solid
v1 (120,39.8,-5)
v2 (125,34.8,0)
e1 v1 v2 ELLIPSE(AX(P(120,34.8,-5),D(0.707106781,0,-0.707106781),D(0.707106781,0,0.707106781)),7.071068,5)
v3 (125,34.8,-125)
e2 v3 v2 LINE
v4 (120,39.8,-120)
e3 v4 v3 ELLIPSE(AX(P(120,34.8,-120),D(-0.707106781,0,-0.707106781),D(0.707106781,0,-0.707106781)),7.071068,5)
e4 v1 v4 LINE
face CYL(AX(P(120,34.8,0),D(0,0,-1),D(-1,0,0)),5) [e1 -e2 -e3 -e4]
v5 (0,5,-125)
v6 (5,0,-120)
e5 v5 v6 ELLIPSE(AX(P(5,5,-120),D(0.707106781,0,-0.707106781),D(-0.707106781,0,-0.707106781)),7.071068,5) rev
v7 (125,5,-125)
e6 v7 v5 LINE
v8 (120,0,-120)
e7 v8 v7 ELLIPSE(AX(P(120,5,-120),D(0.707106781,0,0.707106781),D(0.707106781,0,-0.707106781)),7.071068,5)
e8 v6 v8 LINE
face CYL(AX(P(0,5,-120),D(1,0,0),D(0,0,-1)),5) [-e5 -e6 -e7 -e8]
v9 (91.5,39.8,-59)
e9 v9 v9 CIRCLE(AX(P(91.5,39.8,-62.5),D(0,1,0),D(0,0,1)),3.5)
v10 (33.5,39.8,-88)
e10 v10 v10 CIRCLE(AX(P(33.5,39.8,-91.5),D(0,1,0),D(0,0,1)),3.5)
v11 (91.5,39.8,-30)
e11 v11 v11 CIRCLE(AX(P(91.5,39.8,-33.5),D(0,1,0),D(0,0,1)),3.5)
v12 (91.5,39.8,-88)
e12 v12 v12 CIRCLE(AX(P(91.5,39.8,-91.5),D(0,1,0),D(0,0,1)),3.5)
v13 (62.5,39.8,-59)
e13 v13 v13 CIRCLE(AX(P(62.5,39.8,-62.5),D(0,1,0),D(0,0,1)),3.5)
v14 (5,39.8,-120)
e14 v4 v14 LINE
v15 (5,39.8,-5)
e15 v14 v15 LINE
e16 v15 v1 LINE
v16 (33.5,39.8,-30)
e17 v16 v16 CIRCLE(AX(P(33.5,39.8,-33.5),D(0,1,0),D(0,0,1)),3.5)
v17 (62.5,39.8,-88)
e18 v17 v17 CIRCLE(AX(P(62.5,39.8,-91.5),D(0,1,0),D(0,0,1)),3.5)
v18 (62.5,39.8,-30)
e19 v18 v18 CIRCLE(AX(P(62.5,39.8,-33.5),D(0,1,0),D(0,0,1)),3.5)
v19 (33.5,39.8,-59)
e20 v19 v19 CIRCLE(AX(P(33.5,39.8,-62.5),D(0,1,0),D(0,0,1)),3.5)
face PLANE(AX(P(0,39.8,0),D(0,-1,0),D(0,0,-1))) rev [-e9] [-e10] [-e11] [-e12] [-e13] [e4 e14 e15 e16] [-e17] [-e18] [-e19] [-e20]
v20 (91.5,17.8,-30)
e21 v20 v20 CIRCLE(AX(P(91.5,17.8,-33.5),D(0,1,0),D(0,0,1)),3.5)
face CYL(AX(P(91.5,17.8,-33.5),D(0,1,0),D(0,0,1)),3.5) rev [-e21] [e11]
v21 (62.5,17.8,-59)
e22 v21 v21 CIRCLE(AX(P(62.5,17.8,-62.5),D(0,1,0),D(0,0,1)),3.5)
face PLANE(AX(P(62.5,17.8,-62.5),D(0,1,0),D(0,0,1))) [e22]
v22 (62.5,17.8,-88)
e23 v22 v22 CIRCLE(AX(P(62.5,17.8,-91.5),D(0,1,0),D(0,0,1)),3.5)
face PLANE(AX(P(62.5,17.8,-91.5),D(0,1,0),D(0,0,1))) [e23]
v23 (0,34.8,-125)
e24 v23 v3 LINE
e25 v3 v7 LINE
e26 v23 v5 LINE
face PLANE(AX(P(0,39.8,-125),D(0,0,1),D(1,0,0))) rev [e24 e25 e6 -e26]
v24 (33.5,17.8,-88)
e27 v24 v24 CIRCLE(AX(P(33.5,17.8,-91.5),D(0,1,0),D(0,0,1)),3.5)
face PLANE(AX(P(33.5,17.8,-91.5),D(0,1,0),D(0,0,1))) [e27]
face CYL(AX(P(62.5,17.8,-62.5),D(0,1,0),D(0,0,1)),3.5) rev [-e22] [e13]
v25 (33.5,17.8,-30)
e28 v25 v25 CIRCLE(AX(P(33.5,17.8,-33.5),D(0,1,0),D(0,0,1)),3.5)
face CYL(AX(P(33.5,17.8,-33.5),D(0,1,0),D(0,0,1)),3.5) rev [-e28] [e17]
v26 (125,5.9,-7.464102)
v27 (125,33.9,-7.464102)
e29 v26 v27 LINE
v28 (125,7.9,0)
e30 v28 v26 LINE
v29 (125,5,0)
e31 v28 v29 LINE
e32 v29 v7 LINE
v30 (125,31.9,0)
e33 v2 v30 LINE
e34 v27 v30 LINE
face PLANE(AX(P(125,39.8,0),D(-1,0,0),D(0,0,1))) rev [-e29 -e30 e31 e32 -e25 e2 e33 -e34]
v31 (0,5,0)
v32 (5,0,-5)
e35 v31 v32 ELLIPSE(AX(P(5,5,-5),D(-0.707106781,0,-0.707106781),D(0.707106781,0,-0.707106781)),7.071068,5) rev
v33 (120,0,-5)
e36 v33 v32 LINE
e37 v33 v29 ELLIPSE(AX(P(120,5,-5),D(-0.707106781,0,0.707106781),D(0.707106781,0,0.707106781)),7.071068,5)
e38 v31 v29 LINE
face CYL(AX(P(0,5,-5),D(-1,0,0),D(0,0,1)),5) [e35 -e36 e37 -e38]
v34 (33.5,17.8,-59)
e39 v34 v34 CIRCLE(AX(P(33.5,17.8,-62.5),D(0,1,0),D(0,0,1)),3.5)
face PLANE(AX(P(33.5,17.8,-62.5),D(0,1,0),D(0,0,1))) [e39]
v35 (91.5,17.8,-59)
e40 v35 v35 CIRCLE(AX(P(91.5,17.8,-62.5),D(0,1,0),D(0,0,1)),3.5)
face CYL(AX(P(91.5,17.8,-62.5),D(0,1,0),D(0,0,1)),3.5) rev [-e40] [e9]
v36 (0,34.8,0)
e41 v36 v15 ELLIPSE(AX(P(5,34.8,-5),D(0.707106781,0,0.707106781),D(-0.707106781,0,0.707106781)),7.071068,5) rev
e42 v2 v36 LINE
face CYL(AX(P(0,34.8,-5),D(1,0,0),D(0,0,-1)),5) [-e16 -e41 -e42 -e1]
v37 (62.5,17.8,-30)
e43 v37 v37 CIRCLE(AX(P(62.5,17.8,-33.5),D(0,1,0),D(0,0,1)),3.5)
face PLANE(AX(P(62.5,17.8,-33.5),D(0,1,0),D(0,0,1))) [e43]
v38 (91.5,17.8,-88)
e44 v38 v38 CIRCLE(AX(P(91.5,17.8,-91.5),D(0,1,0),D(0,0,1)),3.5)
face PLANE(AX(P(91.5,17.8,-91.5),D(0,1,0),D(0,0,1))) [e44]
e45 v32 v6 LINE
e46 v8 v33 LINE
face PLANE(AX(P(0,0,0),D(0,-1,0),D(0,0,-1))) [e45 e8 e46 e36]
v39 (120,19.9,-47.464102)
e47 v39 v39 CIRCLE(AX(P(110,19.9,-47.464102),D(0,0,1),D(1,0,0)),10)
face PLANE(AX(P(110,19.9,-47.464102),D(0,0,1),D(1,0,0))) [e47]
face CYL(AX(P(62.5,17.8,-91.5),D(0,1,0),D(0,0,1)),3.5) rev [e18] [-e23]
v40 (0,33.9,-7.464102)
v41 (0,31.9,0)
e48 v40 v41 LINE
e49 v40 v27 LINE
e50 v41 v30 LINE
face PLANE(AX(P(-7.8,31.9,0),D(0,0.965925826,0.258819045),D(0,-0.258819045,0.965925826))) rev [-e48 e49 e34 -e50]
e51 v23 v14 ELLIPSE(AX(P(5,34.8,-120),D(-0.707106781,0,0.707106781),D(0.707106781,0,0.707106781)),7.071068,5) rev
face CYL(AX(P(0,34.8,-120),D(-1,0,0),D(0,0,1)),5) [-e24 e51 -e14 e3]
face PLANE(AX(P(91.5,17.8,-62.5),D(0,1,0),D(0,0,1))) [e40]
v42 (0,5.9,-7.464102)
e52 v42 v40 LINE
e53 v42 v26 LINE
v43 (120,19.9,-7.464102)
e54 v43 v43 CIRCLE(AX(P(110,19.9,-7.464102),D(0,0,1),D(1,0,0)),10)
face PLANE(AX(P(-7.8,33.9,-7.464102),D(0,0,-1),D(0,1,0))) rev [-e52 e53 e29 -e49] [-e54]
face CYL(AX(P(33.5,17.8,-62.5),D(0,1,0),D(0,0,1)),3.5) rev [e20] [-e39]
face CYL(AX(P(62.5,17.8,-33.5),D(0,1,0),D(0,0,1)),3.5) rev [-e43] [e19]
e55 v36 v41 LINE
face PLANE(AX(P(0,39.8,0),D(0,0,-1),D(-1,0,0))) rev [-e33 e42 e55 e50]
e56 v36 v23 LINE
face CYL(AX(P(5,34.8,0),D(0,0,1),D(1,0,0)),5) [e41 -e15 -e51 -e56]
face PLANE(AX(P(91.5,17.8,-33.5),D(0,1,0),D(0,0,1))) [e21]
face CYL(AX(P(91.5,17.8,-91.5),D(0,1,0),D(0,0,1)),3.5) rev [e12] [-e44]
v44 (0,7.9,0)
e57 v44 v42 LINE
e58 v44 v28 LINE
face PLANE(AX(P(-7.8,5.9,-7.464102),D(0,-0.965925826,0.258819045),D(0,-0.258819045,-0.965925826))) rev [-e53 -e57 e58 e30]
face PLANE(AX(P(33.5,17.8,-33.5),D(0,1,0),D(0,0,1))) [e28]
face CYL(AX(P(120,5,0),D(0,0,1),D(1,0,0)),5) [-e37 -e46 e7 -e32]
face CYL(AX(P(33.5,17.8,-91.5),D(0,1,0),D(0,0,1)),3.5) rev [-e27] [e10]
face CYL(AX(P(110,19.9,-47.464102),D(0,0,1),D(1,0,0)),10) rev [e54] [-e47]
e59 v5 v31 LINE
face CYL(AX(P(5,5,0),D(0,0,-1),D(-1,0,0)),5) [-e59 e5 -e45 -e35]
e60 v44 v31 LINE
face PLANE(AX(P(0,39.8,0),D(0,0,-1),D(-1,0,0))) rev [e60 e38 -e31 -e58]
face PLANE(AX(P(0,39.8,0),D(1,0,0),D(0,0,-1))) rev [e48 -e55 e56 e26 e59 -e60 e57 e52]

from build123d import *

# Parameters (mm, degrees)
SKETCH1_W           = 125
SKETCH1_H           = 125
BOSS_EXTRUDE1_DEPTH = 39.8
CUT_EXTRUDE1_DEPTH  = 132.8
SKETCH3_R           = 10
CUT_EXTRUDE2_DEPTH  = 40
FILLET1_R           = 5
FILLET2_R           = 5
SKETCH4_R           = 3.5
CUT_EXTRUDE3_DEPTH  = 22


with BuildPart() as part:
    # Sketch1 → Boss-Extrude1 (new body)
    with BuildSketch(Plane(origin=(0, 0, 0), x_dir=(1, 0, 0), z_dir=(0, 1, 0))):
        with Locations((62.5, 62.5)):
            Rectangle(SKETCH1_W, SKETCH1_H)
    extrude(amount=BOSS_EXTRUDE1_DEPTH)

    # Sketch2 → Cut-Extrude1 (cut)
    with BuildSketch(Plane(origin=(125, 0, 0), x_dir=(0, 0, -1), z_dir=(1, 0, 0))):
        Polygon((0, 31.9), (7.464101615, 33.9), (7.464101615, 5.9), (0, 7.9), align=None)
    extrude(amount=-CUT_EXTRUDE1_DEPTH, mode=Mode.SUBTRACT)

    # Sketch3 → Cut-Extrude2 (cut)
    with BuildSketch(Plane.XY.offset(-7.464101615)):
        with Locations((110, 19.9)):
            Circle(SKETCH3_R)
    extrude(amount=-CUT_EXTRUDE2_DEPTH, mode=Mode.SUBTRACT)

    # Fillet1
    fillet1_edges = [part.edges().sort_by_distance(p)[0] for p in [
        (125, 39.8, -62.5),
        (62.5, 39.8, -125),
        (0, 39.8, -62.5),
        (62.5, 39.8, 0),
    ]]
    fillet(fillet1_edges, radius=FILLET1_R)

    # Fillet2
    fillet2_edges = [part.edges().sort_by_distance(p)[0] for p in [
        (62.5, 0, -125),
        (125, 0, -62.5),
        (62.5, 0, 0),
        (0, 0, -62.5),
    ]]
    fillet(fillet2_edges, radius=FILLET2_R)

    # Sketch4 → Cut-Extrude3 (cut)
    with BuildSketch(Plane(origin=(0, 39.8, 0), x_dir=(1, 0, 0), z_dir=(0, 1, 0))):
        with Locations(Location((33.5, 91.5, 0), (0, 0, 270))):
            Circle(SKETCH4_R)
        with Locations(Location((62.5, 91.5, 0), (0, 0, 270))):
            Circle(SKETCH4_R)
        with Locations(Location((91.5, 91.5, 0), (0, 0, 270))):
            Circle(SKETCH4_R)
        with Locations(Location((33.5, 62.5, 0), (0, 0, 270))):
            Circle(SKETCH4_R)
        with Locations(Location((62.5, 62.5, 0), (0, 0, 270))):
            Circle(SKETCH4_R)
        with Locations(Location((91.5, 62.5, 0), (0, 0, 270))):
            Circle(SKETCH4_R)
        with Locations(Location((33.5, 33.5, 0), (0, 0, 270))):
            Circle(SKETCH4_R)
        with Locations(Location((62.5, 33.5, 0), (0, 0, 270))):
            Circle(SKETCH4_R)
        with Locations(Location((91.5, 33.5, 0), (0, 0, 270))):
            Circle(SKETCH4_R)
    extrude(amount=-CUT_EXTRUDE3_DEPTH, mode=Mode.SUBTRACT)


solid = part.part
